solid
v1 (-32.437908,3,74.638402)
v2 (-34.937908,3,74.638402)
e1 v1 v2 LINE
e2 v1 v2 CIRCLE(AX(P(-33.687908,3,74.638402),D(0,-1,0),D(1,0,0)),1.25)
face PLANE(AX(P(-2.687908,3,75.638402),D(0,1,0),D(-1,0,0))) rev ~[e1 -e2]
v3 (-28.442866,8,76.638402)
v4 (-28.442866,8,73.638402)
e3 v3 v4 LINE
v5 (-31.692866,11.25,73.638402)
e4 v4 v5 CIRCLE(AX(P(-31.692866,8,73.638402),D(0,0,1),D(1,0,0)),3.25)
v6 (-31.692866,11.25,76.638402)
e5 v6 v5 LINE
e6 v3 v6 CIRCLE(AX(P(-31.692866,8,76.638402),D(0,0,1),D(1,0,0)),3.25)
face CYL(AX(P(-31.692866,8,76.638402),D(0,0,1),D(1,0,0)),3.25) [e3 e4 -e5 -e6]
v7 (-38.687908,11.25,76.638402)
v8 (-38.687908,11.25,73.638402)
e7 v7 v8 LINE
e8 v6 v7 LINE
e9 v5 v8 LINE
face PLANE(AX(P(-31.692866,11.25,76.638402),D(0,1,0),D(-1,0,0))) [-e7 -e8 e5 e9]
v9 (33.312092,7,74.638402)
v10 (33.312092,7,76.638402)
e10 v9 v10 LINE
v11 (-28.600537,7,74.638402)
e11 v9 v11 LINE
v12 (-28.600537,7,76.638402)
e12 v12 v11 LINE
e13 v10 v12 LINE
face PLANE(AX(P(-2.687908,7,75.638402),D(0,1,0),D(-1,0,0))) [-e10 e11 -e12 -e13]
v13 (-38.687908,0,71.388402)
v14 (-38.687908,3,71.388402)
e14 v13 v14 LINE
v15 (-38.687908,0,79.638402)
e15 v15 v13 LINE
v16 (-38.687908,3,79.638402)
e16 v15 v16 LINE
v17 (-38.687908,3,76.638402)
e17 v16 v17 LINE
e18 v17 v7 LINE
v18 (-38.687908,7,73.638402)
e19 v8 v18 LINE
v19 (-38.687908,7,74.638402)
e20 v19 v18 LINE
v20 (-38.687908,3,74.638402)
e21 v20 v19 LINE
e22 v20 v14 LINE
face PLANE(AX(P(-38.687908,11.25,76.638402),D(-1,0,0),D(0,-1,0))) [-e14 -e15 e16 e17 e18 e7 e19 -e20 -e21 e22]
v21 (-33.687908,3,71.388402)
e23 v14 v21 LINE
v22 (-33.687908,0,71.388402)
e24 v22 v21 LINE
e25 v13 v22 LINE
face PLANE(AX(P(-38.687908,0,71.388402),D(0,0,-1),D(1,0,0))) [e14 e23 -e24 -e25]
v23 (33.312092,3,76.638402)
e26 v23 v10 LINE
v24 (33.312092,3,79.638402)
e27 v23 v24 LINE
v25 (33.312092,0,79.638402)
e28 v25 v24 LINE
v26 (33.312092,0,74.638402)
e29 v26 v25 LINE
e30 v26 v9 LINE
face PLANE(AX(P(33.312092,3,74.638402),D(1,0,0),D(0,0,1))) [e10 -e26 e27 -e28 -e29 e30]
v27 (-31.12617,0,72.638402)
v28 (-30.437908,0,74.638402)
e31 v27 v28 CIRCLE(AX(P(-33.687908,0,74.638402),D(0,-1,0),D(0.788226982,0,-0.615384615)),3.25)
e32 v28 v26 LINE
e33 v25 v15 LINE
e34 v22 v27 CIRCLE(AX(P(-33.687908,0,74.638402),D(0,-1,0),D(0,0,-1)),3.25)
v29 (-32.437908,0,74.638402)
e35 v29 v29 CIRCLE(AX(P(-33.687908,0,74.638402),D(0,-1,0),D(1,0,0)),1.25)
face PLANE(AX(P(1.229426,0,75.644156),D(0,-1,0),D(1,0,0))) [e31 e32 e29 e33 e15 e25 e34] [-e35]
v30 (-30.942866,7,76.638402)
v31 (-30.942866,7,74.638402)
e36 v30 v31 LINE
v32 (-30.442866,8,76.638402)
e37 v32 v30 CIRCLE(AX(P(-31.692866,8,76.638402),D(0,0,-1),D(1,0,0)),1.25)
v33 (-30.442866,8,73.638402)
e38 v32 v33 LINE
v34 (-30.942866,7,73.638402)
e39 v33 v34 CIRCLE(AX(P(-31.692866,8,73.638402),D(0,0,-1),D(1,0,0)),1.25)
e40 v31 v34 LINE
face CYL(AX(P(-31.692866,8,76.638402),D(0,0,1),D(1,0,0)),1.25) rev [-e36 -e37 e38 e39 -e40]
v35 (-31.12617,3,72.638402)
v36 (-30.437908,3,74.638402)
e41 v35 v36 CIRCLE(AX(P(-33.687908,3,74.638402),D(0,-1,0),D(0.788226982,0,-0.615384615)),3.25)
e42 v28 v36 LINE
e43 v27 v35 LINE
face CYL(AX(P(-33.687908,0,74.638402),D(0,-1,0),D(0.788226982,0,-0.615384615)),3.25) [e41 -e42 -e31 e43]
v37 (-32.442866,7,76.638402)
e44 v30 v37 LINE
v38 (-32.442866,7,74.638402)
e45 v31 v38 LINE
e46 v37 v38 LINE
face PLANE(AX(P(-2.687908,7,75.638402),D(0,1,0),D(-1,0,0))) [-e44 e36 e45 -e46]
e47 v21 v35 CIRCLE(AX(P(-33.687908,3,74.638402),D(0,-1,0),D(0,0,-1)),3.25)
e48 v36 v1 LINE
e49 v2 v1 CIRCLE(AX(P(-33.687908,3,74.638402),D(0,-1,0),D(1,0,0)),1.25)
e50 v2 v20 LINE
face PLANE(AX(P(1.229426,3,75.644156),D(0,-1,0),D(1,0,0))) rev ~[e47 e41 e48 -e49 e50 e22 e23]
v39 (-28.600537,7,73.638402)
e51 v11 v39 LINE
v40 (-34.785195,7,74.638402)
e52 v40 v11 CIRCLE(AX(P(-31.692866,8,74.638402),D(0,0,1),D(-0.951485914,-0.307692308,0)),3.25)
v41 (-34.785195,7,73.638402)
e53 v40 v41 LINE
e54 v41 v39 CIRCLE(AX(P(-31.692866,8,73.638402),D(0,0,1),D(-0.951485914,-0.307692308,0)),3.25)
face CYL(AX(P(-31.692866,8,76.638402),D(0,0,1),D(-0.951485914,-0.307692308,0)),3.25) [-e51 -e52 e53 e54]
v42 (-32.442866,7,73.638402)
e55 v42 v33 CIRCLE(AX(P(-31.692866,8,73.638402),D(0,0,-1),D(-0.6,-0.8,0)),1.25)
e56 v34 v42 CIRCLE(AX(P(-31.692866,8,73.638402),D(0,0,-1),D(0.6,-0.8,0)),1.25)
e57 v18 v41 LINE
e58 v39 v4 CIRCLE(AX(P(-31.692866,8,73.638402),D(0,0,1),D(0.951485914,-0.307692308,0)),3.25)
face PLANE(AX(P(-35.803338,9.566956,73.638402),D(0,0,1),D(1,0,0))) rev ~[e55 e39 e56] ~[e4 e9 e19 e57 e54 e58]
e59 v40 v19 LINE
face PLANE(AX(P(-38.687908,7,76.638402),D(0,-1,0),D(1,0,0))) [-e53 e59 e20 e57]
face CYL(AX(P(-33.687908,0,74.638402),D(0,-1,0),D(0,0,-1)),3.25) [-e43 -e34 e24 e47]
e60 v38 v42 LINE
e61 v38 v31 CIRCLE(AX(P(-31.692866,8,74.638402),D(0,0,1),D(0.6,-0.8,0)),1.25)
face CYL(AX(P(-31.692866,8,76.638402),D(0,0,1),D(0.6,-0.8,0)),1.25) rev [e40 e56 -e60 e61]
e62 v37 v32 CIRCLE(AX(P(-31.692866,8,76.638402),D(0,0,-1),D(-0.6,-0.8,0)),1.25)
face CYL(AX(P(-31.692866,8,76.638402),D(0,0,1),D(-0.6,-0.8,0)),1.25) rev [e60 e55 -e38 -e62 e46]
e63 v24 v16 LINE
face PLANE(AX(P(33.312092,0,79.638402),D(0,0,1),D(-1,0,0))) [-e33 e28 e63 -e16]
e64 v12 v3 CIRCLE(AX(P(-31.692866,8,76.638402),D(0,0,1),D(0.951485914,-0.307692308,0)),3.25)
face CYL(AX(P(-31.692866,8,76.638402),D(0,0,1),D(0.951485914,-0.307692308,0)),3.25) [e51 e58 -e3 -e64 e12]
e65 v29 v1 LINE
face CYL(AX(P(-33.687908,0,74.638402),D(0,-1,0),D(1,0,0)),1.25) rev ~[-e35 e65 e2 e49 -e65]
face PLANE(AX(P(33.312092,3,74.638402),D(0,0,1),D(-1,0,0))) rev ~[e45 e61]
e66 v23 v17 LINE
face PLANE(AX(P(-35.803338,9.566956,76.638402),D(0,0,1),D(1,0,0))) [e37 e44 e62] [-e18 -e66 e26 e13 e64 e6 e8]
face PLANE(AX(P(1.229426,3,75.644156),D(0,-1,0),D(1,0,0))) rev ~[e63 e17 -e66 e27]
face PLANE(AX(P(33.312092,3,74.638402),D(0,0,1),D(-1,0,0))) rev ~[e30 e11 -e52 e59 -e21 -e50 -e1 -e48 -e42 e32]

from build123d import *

# Parameters (mm, degrees)
F0_R     = 1.25
F1_DEPTH = 3
F2_W     = 72
F2_H     = 2
F3_DEPTH = 4
F5_DEPTH = 3


with BuildPart() as f1:
    # F0 (on Front) → F1 (new body)
    with BuildSketch(Plane.XZ):
        with BuildLine():
            Line((33.312092313, 76.6384017421), (-25.687907687, 76.6384017421))
            Line((-25.687907687, 76.6384017421), (-31.1261699955, 76.6384017421))
            ThreePointArc((-31.1261699955, 76.6384017421), (-30.6147865133, 75.6959584788), (-30.437907687, 74.6384017421))
            Line((-30.437907687, 74.6384017421), (33.312092313, 74.6384017421))
            Line((33.312092313, 74.6384017421), (33.312092313, 76.6384017421))
        make_face()
        with BuildLine():
            ThreePointArc((-30.437907687, 74.6384017421), (-30.6147865133, 75.6959584788), (-31.1261699955, 76.6384017421))
            Line((-31.1261699955, 76.6384017421), (-36.2496453785, 76.6384017421))
            ThreePointArc((-36.2496453785, 76.6384017421), (-36.6087380484, 73.2131824607), (-33.687907687, 71.3884017421))
            ThreePointArc((-33.687907687, 71.3884017421), (-32.2626884057, 71.7175713807), (-31.1261699955, 72.6384017421))
            ThreePointArc((-31.1261699955, 72.6384017421), (-30.6147865133, 73.5808450054), (-30.437907687, 74.6384017421))
        make_face()
        with Locations((-33.687907687, 74.6384017421)):
            Circle(F0_R, mode=Mode.SUBTRACT)
        with BuildLine():
            ThreePointArc((-33.687907687, 71.3884017421), (-36.6087380484, 73.2131824607), (-36.2496453785, 76.6384017421))
            Line((-36.2496453785, 76.6384017421), (-38.687907687, 76.6384017421))
            Line((-38.687907687, 76.6384017421), (-38.687907687, 71.3884017421))
            Line((-38.687907687, 71.3884017421), (-33.687907687, 71.3884017421))
        make_face()
        with BuildLine():
            Line((-31.1261699955, 76.6384017421), (-25.687907687, 76.6384017421))
            Line((-25.687907687, 76.6384017421), (33.312092313, 76.6384017421))
            Line((33.312092313, 76.6384017421), (33.312092313, 79.6384017421))
            Line((33.312092313, 79.6384017421), (-38.687907687, 79.6384017421))
            Line((-38.687907687, 79.6384017421), (-38.687907687, 76.6384017421))
            Line((-38.687907687, 76.6384017421), (-36.2496453785, 76.6384017421))
            ThreePointArc((-36.2496453785, 76.6384017421), (-33.687907687, 77.8884017421), (-31.1261699955, 76.6384017421))
        make_face()
        with BuildLine():
            Line((-36.2496453785, 76.6384017421), (-31.1261699955, 76.6384017421))
            ThreePointArc((-31.1261699955, 76.6384017421), (-33.687907687, 77.8884017421), (-36.2496453785, 76.6384017421))
        make_face()
    extrude(amount=-F1_DEPTH)

    # F2 (on face) → F3 (join)
    with BuildSketch(Plane(origin=(0, 3, 0), x_dir=(-1, 0, 0), z_dir=(0, 1, 0))):
        with Locations((2.687907687, 75.6384017421)):
            Rectangle(F2_W, F2_H)
    extrude(amount=F3_DEPTH)

    # F4 (on face) → F5 (join)
    with BuildSketch(Plane.XY.offset(76.6384017421)):
        with BuildLine():
            Line((-38.687907687, 7), (-34.7851954552, 7))
            ThreePointArc((-34.7851954552, 7), (-34.3208407412, 9.9121323176), (-31.692866236, 11.25))
            Line((-31.692866236, 11.25), (-38.687907687, 11.25))
            Line((-38.687907687, 11.25), (-38.687907687, 7))
        make_face()
        with BuildLine():
            ThreePointArc((-32.442866236, 7), (-32.2518832303, 9.1180339887), (-30.442866236, 8))
            ThreePointArc((-30.442866236, 8), (-30.5748322472, 7.4409830056), (-30.942866236, 7))
            Line((-30.942866236, 7), (-28.6005370168, 7))
            ThreePointArc((-28.6005370168, 7), (-28.4825259143, 7.4938231349), (-28.442866236, 8))
            ThreePointArc((-28.442866236, 8), (-29.3947691971, 10.2980970389), (-31.692866236, 11.25))
            ThreePointArc((-31.692866236, 11.25), (-34.3208407412, 9.9121323176), (-34.7851954552, 7))
            Line((-34.7851954552, 7), (-32.442866236, 7))
        make_face()
        with BuildLine():
            ThreePointArc((-30.942866236, 7), (-31.692866236, 6.75), (-32.442866236, 7))
            Line((-32.442866236, 7), (-34.7851954552, 7))
            ThreePointArc((-34.7851954552, 7), (-31.692866236, 4.75), (-28.6005370168, 7))
            Line((-28.6005370168, 7), (-30.942866236, 7))
        make_face()
    extrude(amount=-F5_DEPTH)


solid = f1.part
